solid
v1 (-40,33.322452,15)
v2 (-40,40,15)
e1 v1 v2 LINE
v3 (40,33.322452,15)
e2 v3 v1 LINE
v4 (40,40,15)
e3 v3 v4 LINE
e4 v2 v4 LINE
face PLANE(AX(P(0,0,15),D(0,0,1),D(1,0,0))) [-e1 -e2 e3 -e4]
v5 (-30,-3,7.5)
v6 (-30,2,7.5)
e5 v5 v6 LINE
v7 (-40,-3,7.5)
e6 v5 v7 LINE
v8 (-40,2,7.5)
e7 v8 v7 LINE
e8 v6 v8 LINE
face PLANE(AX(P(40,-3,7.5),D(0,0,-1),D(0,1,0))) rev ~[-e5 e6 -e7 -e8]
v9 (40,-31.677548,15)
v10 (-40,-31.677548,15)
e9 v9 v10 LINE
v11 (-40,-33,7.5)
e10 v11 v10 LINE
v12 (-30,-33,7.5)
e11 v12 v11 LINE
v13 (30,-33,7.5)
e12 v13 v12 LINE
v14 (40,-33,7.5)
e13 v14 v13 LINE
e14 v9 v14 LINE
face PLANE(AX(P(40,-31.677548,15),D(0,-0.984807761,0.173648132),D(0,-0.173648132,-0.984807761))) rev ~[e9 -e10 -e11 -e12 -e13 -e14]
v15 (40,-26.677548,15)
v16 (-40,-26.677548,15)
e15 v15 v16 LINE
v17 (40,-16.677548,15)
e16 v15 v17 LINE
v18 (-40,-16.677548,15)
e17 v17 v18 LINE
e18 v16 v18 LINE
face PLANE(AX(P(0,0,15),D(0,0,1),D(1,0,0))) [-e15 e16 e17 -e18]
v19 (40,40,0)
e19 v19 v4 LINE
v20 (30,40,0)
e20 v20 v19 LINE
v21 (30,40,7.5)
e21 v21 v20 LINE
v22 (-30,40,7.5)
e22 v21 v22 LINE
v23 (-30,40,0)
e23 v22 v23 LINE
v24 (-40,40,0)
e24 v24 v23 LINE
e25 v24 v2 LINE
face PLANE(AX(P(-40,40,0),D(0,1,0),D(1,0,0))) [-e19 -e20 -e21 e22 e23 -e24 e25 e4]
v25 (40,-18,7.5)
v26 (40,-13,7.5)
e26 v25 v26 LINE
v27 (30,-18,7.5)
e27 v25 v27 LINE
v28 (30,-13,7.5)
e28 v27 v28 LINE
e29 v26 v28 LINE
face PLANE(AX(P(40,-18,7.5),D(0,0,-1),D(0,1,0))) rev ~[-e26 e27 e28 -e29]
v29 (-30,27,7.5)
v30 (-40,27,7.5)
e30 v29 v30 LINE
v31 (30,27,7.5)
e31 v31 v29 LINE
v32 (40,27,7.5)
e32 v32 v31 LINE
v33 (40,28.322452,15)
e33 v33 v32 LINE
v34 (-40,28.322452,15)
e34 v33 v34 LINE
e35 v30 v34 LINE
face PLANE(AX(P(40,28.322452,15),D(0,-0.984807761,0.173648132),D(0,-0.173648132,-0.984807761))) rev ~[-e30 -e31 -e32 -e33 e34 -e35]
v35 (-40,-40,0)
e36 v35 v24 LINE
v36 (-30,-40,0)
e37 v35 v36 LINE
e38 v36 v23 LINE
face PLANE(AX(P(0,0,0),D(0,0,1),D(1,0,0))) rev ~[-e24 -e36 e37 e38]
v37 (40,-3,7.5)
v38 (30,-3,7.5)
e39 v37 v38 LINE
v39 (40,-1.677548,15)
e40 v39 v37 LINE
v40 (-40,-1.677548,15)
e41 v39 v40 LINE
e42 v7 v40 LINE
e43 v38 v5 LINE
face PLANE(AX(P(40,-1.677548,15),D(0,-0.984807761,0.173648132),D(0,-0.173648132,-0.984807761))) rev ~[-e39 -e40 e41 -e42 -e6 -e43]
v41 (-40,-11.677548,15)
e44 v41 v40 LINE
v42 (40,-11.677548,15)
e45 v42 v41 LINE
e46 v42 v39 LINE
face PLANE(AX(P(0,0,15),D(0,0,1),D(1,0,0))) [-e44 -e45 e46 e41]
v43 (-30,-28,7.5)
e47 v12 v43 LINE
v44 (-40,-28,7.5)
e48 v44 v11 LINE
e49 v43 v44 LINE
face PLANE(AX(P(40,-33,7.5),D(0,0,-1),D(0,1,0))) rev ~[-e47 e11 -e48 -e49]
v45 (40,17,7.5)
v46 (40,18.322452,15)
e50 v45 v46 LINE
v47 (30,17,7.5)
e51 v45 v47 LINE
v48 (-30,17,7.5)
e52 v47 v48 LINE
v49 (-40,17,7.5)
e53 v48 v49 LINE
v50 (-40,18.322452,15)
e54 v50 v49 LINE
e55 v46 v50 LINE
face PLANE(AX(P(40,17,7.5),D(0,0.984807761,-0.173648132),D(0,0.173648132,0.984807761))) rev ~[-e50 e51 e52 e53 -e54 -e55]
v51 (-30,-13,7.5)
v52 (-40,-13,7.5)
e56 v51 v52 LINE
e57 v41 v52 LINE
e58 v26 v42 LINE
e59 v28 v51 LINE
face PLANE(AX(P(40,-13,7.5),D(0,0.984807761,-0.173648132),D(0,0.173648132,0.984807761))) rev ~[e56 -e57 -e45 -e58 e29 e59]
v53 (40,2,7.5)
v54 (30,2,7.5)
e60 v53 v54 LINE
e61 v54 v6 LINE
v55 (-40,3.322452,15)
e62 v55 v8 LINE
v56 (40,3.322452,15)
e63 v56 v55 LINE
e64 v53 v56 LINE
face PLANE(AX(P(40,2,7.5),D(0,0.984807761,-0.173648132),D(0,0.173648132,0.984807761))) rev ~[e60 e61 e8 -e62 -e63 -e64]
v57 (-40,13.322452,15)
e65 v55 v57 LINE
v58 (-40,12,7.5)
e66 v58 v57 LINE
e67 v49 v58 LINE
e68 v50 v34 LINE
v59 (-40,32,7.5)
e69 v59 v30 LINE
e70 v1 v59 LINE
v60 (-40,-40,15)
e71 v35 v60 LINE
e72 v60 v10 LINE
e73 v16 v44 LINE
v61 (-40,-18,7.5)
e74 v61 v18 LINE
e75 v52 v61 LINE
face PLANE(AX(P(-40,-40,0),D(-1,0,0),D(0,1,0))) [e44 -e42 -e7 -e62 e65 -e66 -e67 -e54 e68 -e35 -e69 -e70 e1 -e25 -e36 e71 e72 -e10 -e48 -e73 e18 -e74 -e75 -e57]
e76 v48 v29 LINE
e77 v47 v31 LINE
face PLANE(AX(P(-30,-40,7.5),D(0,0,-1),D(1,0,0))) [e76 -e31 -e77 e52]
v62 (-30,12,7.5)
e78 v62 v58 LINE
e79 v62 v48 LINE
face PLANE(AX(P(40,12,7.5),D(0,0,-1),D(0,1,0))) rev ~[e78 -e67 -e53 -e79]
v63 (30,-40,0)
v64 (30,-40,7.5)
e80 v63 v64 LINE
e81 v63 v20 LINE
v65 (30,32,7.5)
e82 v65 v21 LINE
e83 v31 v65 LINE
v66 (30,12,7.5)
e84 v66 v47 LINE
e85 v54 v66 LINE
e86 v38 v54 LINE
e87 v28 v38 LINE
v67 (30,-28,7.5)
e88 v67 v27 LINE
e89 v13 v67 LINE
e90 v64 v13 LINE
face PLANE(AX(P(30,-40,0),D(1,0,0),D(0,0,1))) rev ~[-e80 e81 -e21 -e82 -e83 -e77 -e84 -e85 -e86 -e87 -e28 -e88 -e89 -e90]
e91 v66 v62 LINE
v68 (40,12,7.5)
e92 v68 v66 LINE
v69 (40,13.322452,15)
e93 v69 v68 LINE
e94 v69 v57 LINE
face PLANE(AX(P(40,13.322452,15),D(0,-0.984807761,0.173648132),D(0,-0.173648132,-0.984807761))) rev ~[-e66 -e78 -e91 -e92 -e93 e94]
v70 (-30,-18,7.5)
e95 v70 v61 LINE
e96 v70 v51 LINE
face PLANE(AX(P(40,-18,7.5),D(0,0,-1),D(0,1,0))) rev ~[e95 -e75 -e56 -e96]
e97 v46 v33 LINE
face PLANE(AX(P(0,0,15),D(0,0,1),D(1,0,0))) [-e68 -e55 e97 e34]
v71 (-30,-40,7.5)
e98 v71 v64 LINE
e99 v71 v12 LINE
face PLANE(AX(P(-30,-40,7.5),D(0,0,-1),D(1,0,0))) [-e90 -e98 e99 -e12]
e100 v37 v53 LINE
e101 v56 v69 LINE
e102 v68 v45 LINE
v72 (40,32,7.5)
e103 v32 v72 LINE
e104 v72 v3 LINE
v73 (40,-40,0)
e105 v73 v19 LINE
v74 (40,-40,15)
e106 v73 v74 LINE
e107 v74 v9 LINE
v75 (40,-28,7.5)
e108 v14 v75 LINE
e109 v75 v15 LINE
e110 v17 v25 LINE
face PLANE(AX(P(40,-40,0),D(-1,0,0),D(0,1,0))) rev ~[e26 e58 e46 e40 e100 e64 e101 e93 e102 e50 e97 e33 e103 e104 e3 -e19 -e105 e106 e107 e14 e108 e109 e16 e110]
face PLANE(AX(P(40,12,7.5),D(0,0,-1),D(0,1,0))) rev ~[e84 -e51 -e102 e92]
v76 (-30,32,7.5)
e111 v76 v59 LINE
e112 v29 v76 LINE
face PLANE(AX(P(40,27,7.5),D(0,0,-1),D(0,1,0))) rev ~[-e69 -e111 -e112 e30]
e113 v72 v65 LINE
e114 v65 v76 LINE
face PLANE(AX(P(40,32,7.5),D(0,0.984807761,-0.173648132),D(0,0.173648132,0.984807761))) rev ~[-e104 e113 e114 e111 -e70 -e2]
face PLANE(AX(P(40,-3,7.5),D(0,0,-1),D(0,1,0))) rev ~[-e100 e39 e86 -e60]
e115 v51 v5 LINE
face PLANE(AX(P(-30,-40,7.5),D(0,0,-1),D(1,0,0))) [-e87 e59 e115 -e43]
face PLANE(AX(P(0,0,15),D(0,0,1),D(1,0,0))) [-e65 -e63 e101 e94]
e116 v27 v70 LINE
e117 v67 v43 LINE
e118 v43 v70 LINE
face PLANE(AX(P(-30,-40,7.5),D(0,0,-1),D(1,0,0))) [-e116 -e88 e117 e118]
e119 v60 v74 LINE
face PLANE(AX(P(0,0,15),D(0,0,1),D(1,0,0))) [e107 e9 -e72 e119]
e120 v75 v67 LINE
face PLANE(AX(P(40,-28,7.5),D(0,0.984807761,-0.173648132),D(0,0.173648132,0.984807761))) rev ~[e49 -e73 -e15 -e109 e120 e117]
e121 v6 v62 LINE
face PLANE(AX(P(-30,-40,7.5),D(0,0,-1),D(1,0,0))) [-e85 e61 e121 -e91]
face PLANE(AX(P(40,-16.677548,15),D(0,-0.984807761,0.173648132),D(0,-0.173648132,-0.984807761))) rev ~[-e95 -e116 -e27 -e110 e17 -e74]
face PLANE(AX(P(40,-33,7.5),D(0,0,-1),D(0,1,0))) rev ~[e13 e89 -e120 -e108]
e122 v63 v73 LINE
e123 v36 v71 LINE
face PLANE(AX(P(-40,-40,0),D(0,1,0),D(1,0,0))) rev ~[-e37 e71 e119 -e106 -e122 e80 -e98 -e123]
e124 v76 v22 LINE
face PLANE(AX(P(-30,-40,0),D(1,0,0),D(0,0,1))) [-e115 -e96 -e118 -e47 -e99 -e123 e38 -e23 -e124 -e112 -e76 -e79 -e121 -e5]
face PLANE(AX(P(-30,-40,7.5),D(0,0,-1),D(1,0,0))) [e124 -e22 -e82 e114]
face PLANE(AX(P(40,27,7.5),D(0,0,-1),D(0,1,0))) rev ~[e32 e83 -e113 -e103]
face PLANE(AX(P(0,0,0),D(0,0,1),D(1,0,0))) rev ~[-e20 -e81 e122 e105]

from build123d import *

# Parameters (mm, degrees)
F0_W     = 80
F0_H     = 80
F1_DEPTH = 15
F3_DEPTH = 111
F4_W     = 60
F4_H     = 7.5
F5_DEPTH = 111


with BuildPart() as f1:
    # F0 (on Top) → F1 (new body)
    with BuildSketch(Plane.XY):
        Rectangle(F0_W, F0_H)
    extrude(amount=F1_DEPTH)

    # F2 (on face) → F3 (cut)
    with BuildSketch(Plane.YZ.offset(40)):
        Polygon((-26.677548, 15), (-31.677548, 15), (-33, 7.5), (-28, 7.5), align=None)
        Polygon((-11.677548, 15), (-16.677548, 15), (-18, 7.5), (-13, 7.5), align=None)
        Polygon((3.322452, 15), (-1.677548, 15), (-3, 7.5), (2, 7.5), align=None)
        Polygon((18.322452, 15), (13.322452, 15), (12, 7.5), (17, 7.5), align=None)
        Polygon((32, 7.5), (33.322452, 15), (28.322452, 15), (27, 7.5), align=None)
    extrude(amount=-F3_DEPTH, mode=Mode.SUBTRACT)

    # F4 (on face) → F5 (cut)
    with BuildSketch(Plane.XZ.offset(40)):
        with Locations((0, 3.75)):
            Rectangle(F4_W, F4_H)
    extrude(amount=-F5_DEPTH, mode=Mode.SUBTRACT)


solid = f1.part
